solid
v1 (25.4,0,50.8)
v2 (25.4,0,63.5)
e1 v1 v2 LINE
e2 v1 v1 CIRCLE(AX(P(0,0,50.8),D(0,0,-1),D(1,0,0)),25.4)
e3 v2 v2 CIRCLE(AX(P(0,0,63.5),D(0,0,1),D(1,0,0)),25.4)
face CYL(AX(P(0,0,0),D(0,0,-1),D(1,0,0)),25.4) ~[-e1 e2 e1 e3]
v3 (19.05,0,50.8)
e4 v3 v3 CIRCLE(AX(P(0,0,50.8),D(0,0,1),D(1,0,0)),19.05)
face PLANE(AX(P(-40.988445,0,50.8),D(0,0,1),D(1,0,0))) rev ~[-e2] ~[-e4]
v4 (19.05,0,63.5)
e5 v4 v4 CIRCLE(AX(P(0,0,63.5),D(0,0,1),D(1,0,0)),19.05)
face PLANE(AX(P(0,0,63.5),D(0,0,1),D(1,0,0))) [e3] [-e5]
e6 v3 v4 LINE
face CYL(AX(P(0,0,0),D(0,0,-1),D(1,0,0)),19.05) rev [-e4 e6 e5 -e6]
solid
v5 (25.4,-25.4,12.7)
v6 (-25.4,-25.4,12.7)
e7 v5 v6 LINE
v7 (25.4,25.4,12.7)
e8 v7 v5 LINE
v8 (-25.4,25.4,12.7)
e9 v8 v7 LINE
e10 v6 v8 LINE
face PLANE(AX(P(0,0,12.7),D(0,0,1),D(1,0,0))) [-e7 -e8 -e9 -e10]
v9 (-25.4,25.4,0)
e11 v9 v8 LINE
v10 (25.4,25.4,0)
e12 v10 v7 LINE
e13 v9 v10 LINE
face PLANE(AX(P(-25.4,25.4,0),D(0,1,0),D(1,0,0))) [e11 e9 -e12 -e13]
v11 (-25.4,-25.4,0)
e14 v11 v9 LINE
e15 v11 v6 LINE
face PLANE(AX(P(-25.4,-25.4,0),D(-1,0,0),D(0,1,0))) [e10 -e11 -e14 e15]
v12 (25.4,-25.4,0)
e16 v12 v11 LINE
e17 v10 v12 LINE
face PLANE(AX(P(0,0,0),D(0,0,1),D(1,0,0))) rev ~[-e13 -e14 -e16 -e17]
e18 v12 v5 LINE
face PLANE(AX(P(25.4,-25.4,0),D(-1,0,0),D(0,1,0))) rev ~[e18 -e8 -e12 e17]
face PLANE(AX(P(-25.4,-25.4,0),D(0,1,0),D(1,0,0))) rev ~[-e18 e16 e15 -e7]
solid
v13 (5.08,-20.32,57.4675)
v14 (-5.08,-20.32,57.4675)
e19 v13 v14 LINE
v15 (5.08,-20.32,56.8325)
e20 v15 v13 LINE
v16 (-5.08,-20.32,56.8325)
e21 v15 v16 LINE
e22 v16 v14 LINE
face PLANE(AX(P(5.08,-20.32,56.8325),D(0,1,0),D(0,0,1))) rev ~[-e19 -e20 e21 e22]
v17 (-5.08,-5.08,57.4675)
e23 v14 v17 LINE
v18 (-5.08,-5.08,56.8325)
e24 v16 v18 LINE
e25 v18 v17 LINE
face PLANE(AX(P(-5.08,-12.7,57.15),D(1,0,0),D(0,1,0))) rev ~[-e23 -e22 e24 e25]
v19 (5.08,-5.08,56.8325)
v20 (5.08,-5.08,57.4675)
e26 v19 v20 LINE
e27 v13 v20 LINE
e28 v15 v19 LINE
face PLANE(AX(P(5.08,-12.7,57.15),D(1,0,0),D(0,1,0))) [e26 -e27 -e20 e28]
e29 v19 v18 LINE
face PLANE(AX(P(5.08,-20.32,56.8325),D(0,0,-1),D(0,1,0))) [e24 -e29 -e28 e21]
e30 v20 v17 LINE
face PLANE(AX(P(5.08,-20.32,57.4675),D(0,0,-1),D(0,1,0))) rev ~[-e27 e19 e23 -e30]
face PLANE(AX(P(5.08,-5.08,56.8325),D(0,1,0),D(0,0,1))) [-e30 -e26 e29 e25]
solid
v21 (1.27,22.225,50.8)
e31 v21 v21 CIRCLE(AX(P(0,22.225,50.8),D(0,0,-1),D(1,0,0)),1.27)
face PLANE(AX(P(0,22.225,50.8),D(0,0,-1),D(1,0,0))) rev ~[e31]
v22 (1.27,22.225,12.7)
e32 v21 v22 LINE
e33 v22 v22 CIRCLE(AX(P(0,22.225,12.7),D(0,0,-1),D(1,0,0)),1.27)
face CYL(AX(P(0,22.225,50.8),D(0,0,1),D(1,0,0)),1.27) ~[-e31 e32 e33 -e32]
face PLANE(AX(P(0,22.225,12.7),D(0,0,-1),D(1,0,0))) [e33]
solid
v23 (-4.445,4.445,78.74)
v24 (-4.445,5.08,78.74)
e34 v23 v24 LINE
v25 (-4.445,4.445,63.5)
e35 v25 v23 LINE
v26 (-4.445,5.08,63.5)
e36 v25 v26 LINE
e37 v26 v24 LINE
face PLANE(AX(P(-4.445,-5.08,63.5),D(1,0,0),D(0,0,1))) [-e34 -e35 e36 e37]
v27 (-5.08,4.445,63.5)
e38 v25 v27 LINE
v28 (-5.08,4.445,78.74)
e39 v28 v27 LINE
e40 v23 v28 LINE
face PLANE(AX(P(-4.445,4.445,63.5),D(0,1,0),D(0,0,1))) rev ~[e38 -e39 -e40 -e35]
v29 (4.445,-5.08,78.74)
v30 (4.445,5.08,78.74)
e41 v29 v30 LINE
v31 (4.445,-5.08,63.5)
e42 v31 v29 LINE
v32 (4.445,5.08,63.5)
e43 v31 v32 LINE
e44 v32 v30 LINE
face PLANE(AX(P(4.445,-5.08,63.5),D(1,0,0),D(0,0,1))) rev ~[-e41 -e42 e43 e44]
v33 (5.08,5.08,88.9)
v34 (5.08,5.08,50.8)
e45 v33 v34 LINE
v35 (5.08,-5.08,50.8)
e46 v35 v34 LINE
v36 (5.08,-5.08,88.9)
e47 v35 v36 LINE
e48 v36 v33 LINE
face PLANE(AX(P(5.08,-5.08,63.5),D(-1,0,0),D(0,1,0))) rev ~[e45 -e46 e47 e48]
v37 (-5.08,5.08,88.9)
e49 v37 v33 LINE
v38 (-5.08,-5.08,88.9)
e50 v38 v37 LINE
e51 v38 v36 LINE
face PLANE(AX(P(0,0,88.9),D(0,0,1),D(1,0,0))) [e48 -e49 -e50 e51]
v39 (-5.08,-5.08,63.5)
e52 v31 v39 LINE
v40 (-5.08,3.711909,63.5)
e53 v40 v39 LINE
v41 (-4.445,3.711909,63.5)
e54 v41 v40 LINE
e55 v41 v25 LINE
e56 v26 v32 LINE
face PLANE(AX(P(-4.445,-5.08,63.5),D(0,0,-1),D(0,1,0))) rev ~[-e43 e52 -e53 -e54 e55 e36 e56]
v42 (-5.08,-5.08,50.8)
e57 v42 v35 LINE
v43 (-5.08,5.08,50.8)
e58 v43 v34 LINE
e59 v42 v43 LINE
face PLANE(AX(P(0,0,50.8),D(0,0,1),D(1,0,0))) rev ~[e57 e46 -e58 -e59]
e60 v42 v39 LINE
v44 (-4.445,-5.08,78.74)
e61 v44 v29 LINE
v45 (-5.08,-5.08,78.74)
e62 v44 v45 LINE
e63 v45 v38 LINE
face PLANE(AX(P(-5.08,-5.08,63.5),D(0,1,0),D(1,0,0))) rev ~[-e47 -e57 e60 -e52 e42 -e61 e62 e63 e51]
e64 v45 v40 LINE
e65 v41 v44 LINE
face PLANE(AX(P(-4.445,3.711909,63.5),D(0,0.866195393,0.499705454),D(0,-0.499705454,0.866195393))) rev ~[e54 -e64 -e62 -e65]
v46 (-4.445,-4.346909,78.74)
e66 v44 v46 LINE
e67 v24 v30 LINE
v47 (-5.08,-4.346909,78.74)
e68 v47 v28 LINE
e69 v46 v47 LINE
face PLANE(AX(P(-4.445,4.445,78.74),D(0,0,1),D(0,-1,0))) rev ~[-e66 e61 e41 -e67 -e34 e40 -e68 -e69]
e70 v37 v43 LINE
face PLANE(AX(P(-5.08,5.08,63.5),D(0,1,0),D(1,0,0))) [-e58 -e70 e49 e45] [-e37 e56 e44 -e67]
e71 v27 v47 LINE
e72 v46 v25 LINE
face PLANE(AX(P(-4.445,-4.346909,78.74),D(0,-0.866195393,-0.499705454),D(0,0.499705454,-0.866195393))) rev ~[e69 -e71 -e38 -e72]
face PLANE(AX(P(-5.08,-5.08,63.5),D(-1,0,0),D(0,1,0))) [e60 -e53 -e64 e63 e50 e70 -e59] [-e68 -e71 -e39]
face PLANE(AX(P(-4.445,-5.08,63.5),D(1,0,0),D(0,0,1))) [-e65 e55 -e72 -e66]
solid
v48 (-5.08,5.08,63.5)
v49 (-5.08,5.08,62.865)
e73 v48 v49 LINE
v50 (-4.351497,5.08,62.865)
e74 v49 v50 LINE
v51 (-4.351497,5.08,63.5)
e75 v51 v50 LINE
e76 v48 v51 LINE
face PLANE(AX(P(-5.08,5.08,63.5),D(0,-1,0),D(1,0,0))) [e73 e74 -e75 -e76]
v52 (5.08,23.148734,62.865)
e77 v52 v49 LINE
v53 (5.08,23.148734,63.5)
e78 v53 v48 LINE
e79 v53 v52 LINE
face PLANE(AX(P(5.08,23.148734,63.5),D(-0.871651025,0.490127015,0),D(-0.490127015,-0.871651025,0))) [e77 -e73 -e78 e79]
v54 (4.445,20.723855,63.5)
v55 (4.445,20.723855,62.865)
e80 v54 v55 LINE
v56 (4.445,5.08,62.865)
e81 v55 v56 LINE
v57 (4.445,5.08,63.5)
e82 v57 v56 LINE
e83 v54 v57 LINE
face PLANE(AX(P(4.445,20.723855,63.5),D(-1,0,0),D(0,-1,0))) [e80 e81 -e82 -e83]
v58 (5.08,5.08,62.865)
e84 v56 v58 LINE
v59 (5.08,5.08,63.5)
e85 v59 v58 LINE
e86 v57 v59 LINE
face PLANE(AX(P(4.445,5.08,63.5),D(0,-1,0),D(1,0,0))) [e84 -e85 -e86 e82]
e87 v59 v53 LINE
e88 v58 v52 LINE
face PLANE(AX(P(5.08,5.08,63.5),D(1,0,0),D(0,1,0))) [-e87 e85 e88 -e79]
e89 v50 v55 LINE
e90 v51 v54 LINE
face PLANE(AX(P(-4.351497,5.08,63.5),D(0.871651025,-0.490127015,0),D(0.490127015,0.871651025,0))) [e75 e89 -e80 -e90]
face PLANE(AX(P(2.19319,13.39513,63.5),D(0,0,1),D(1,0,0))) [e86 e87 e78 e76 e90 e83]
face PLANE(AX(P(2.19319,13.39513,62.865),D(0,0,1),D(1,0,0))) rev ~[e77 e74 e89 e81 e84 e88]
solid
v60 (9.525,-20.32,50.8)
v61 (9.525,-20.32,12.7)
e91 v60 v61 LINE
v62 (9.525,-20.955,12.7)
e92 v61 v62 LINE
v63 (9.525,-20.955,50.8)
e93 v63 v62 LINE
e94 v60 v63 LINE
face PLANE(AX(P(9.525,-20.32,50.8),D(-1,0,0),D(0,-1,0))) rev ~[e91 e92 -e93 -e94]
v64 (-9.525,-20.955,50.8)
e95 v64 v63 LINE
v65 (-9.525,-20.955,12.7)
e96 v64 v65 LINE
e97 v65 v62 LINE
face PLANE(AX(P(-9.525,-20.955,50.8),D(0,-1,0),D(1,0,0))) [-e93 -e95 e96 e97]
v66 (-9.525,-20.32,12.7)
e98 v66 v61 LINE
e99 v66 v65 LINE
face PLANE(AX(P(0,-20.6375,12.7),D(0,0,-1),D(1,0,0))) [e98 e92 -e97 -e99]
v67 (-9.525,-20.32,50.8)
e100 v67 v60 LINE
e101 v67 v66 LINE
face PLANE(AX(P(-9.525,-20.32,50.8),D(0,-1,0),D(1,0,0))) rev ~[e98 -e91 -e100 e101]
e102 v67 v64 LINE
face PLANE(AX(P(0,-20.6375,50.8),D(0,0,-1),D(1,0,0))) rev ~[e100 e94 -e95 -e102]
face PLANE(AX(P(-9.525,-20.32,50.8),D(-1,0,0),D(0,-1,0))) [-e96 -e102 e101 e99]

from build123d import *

# Parameters (mm, degrees)
F0_W          = 50.8
F0_H          = 50.8
F1_DEPTH      = 12.7
F2_R          = 25.4
F2_R_2        = 19.05
F3_DEPTH      = 63.5
F4_W          = 76.2
F4_H          = 38.1
F5_DEPTH      = 25.401
F5_DEPTH_BACK = 25.401
F6_R          = 1.27
F7_DEPTH      = 38.1
F6_W          = 19.05
F6_H          = 0.635
F8_W          = 10.16
F8_H          = 10.16
F9_DEPTH      = 12.7
F9_DEPTH_BACK = 25.4
F10_W         = 15.24
F10_H         = 0.635
F11_DEPTH     = 10.16
F12_W         = 8.89
F12_H         = 15.24
F13_DEPTH     = 10.16
F15_DEPTH     = 0.635
F17_DEPTH     = 5.5626


with BuildPart() as f1:
    # F0 (on Top) → F1 (new body)
    with BuildSketch(Plane.XY):
        Rectangle(F0_W, F0_H)
    extrude(amount=F1_DEPTH)

    # F2 (on Top) → F3 (join)
    with BuildSketch(Plane.XY):
        Circle(F2_R)
        Circle(F2_R_2, mode=Mode.SUBTRACT)
    extrude(amount=F3_DEPTH)

    # F4 (on Front) → F5 (cut, two sides)
    with BuildSketch(Plane.XZ) as f5_sk:
        with Locations((-2.8884448111, 31.75)):
            Rectangle(F4_W, F4_H)
    extrude(amount=F5_DEPTH, mode=Mode.SUBTRACT)
    extrude(f5_sk.sketch, amount=-F5_DEPTH_BACK, mode=Mode.SUBTRACT)


with BuildPart() as f7:
    # F6 (on face) → F7 (new body, through all)
    with BuildSketch(Plane(origin=(0, 0, 50.8), x_dir=(1, 0, 0), z_dir=(0, 0, -1))):
        with Locations((0, -22.225)):
            Circle(F6_R)
    extrude(amount=F7_DEPTH)


with BuildPart() as f7b:
    # F6 (on face) → F7, piece 2 (new body, through all)
    with BuildSketch(Plane(origin=(0, 0, 50.8), x_dir=(1, 0, 0), z_dir=(0, 0, -1))):
        with Locations((0, 20.6375)):
            Rectangle(F6_W, F6_H)
    extrude(amount=F7_DEPTH)


with BuildPart() as f9:
    # F8 (on face) → F9 (new body, two sides)
    with BuildSketch(Plane.XY.offset(63.5)) as f9_sk:
        Rectangle(F8_W, F8_H)
    extrude(amount=-F9_DEPTH)
    extrude(f9_sk.sketch, amount=F9_DEPTH_BACK)

    # F12 (on face) → F13 (cut, through all)
    with BuildSketch(Plane.XZ.offset(5.08)):
        with Locations((0, 71.12)):
            Rectangle(F12_W, F12_H)
    extrude(amount=-F13_DEPTH, mode=Mode.SUBTRACT)

    # F16 (on face) → F17 (cut)
    with BuildSketch(Plane.YZ.offset(-4.445)):
        Polygon((4.445, 63.5), (4.445, 78.74), (-4.3469090542, 78.74), align=None)
        Polygon((-5.08, 63.5), (3.7119090542, 63.5), (-5.08, 78.74), align=None)
    extrude(amount=-F17_DEPTH, mode=Mode.SUBTRACT)


with BuildPart() as f11:
    # F10 (on face) → F11 (new body, through all)
    with BuildSketch(Plane.YZ.offset(5.08)):
        with Locations((-12.7, 57.15)):
            Rectangle(F10_W, F10_H)
    extrude(amount=-F11_DEPTH)


with BuildPart() as f15:
    # F14 (on face) → F15 (new body)
    with BuildSketch(Plane.XY.offset(63.5)):
        Polygon((4.445, 5.08), (5.08, 5.08), (5.08, 23.1487335009), (-5.08, 5.08), (-4.3514974436, 5.08), (4.445, 20.7238551229), align=None)
    extrude(amount=-F15_DEPTH)


solid = Compound([f1.part, f7.part, f7b.part, f9.part, f11.part, f15.part])
